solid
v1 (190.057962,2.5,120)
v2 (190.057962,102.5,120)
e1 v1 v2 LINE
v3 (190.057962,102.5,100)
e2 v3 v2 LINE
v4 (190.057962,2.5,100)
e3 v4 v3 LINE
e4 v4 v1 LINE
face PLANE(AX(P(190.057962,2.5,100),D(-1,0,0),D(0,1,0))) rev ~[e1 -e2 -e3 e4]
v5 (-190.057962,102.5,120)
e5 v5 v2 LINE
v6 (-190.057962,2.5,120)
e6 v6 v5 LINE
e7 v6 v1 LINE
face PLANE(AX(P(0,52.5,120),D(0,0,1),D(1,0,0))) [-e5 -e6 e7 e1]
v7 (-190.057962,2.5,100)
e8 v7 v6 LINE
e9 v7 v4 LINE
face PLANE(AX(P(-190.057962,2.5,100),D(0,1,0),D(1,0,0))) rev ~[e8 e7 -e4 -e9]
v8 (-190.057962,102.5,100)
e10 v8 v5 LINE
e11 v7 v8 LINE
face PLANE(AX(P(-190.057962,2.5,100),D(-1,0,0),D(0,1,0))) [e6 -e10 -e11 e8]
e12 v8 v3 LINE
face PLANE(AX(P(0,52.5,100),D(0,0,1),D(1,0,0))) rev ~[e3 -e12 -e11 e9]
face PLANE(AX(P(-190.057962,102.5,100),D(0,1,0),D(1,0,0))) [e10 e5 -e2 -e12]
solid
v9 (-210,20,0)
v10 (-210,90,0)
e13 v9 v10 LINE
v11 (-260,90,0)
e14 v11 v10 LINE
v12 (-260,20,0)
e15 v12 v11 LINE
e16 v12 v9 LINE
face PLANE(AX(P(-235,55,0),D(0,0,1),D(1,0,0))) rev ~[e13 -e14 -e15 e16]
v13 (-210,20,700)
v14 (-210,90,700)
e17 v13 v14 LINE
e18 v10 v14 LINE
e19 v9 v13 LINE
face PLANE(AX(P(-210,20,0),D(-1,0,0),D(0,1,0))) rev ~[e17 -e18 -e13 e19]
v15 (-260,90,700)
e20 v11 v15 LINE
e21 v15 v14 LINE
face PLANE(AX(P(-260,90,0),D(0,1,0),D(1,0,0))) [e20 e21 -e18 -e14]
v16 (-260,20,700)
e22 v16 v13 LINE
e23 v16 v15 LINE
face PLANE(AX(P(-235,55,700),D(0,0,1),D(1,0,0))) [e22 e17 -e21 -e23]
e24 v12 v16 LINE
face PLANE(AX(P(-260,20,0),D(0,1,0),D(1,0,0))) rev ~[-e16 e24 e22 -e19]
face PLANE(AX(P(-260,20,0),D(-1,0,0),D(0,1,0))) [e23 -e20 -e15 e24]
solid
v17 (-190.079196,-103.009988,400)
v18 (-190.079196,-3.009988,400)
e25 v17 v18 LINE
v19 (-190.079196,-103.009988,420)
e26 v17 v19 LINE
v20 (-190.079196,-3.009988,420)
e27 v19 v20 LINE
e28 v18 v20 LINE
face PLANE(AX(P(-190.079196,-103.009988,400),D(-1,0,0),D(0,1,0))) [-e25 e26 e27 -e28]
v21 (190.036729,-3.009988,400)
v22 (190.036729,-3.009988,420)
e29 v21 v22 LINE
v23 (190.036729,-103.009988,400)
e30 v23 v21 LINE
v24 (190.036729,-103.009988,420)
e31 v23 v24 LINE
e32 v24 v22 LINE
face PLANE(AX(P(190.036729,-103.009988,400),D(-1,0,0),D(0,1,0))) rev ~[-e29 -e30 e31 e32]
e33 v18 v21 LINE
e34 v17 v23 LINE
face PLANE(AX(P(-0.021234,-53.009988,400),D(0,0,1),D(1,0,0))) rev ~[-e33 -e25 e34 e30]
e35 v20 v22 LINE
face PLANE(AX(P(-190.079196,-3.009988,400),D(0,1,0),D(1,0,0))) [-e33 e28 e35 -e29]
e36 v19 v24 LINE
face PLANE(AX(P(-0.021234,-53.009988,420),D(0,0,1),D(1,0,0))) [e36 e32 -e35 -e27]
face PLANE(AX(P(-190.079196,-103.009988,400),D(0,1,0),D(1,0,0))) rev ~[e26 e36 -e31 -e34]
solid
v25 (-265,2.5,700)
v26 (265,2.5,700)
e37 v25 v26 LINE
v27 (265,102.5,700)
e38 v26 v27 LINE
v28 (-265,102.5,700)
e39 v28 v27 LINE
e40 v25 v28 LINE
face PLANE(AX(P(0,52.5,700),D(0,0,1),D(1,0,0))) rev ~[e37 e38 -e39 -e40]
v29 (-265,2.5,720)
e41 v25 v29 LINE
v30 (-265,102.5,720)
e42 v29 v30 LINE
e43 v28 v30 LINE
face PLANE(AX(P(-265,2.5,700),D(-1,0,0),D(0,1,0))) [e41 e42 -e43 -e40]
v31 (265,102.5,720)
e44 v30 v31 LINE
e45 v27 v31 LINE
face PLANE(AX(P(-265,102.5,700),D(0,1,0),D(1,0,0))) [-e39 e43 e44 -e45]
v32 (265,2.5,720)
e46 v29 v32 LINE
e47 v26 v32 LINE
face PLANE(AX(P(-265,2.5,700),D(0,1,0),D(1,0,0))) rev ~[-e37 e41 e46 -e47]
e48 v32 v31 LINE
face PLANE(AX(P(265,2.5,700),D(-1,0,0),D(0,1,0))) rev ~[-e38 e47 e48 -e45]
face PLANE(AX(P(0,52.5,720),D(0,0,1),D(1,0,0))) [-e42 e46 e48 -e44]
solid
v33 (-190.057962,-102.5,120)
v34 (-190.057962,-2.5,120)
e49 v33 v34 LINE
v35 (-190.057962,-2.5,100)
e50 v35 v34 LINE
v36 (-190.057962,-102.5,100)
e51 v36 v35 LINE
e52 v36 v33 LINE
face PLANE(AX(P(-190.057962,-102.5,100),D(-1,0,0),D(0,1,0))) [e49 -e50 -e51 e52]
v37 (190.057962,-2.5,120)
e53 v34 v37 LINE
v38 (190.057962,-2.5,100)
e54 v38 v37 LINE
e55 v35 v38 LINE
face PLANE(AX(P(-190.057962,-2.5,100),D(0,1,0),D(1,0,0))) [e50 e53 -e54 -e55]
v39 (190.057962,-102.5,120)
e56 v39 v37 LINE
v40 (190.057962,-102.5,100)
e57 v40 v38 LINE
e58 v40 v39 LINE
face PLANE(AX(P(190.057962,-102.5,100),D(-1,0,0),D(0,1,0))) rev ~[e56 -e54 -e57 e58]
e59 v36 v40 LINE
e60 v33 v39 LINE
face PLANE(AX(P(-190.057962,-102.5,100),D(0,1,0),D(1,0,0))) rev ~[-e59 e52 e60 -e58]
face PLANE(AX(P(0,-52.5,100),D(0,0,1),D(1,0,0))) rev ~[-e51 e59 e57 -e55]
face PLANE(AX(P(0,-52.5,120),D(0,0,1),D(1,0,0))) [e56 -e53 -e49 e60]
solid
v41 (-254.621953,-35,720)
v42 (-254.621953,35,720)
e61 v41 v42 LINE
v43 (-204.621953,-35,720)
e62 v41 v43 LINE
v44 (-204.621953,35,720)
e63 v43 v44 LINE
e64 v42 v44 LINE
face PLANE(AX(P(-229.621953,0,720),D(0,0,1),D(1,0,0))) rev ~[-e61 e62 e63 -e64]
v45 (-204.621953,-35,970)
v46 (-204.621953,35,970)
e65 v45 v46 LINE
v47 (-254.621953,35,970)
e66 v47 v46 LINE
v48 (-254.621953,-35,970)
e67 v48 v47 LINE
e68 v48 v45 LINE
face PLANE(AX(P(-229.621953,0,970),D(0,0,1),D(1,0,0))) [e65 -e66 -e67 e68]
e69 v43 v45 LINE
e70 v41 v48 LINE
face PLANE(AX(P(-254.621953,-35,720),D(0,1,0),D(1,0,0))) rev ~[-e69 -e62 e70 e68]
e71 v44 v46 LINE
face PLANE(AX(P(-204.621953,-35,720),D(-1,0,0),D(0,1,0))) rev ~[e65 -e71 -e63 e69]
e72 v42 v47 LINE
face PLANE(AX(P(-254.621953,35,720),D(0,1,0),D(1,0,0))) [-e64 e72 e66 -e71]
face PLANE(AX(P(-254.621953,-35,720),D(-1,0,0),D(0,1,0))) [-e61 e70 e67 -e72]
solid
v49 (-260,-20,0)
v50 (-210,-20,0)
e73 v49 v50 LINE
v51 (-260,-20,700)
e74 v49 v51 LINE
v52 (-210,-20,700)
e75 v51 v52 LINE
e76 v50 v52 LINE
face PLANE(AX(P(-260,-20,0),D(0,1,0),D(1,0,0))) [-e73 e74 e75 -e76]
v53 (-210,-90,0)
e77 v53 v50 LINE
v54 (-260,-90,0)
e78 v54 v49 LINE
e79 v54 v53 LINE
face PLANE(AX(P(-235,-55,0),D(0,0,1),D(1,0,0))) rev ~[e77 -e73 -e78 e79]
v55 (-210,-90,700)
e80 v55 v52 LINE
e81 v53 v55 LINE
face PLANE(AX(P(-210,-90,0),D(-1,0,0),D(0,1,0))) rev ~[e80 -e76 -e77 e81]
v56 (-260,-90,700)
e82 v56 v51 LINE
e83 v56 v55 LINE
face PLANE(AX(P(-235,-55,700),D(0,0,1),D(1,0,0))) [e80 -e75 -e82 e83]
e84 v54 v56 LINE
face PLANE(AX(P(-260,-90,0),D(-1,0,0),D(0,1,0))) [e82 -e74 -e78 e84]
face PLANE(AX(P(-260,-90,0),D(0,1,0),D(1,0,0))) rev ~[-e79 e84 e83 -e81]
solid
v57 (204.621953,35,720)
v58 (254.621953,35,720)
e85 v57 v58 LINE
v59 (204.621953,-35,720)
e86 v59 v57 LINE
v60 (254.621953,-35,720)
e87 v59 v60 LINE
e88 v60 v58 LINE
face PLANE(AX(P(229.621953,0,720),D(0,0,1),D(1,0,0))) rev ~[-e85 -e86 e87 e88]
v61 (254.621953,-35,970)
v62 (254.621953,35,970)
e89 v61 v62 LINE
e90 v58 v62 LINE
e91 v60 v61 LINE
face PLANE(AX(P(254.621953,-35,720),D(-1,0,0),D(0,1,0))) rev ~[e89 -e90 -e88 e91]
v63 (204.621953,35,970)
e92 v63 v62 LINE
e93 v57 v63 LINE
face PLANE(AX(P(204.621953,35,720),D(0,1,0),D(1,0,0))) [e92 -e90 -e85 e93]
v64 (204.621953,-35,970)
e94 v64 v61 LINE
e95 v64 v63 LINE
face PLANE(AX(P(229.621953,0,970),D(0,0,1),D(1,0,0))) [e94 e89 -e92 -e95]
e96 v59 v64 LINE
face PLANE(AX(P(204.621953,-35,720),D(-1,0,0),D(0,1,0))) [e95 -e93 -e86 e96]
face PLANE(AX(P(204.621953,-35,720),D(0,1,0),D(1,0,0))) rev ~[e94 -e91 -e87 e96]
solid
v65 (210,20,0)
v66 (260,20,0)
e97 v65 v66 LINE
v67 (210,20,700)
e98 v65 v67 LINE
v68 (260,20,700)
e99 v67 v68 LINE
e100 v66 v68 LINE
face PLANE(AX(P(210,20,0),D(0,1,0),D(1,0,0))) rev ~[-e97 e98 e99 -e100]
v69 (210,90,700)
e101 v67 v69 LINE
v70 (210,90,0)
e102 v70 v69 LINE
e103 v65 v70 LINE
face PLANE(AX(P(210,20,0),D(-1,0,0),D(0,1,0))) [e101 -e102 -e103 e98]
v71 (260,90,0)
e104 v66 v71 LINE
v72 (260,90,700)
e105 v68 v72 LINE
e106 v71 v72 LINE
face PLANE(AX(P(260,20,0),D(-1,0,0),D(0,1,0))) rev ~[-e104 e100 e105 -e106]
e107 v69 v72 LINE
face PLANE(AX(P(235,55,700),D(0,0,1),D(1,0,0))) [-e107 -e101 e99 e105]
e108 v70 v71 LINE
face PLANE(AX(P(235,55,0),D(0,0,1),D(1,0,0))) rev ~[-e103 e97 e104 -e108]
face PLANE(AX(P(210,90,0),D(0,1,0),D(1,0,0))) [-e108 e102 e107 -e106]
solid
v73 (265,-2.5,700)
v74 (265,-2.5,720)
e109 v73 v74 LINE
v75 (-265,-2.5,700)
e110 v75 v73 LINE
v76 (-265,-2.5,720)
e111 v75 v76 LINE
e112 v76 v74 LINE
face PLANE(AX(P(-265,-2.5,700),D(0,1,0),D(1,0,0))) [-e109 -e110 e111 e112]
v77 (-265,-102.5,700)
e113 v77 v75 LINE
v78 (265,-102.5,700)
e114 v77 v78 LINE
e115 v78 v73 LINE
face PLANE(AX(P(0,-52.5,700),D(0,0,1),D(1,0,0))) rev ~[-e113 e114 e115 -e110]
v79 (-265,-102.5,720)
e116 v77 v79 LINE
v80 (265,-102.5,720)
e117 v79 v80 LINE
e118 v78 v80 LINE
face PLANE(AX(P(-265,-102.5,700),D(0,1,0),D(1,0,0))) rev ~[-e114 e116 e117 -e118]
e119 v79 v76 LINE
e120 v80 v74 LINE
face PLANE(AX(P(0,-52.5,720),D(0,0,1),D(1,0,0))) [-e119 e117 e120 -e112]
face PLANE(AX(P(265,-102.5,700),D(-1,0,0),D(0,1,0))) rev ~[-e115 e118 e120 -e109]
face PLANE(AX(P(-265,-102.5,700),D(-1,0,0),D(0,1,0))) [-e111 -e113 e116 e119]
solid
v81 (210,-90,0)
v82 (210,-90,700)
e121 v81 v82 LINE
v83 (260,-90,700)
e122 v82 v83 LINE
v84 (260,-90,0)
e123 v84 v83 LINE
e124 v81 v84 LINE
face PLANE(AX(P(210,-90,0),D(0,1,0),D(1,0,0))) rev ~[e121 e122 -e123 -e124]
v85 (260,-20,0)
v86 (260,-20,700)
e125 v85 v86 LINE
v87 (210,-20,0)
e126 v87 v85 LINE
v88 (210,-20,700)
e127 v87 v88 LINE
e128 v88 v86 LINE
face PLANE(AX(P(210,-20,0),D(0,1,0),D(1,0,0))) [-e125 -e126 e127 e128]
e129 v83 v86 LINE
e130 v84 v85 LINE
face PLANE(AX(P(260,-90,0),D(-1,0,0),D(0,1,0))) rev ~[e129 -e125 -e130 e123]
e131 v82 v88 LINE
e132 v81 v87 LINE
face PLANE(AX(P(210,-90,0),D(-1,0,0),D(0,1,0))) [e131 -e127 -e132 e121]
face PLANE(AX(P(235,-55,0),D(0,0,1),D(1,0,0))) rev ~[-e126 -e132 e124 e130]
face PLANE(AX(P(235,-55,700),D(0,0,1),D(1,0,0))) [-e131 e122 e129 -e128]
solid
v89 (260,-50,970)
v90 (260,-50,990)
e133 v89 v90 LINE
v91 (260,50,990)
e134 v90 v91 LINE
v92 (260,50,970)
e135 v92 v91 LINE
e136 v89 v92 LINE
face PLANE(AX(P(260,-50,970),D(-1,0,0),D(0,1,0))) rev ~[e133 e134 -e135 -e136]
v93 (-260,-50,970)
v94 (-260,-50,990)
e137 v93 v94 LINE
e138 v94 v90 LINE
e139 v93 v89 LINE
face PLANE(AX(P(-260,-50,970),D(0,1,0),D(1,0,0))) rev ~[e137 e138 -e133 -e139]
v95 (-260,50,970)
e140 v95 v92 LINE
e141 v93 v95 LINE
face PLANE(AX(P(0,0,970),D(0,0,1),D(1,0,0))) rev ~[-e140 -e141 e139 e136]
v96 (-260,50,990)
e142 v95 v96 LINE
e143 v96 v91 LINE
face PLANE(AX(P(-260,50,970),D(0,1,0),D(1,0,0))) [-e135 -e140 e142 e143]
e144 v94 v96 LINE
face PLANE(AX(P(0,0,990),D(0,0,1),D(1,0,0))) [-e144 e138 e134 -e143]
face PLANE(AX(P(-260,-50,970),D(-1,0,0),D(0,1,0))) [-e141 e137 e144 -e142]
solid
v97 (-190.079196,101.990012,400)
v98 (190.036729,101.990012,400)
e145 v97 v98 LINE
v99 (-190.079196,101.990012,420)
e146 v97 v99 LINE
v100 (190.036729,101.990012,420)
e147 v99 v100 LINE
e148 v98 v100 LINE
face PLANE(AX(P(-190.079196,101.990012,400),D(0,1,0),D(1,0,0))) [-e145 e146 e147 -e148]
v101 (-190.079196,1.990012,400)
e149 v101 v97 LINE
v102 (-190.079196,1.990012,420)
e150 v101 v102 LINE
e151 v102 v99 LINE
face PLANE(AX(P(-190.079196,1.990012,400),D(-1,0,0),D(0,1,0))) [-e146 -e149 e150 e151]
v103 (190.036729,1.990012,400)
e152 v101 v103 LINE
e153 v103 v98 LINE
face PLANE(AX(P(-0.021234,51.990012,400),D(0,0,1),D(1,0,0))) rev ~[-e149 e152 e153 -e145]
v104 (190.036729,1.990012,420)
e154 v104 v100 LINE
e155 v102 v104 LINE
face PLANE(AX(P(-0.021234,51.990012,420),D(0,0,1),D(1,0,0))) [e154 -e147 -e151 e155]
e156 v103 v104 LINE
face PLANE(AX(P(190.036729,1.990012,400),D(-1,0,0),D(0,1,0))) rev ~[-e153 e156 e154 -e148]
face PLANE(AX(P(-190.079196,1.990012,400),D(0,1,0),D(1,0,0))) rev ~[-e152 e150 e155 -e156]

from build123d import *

# Parameters (mm, degrees)
F0_W      = 50
F0_H      = 70
F1_DEPTH  = 700
F2_W      = 530
F2_H      = 100
F3_DEPTH  = 20
F5_W      = 380.115924
F5_H      = 100
F6_DEPTH  = 20
F7_W      = 50
F7_H      = 70
F8_DEPTH  = 250
F9_W      = 520
F9_H      = 100
F10_DEPTH = 20
F12_W     = 380.115925
F12_H     = 100
F13_DEPTH = 20


with BuildPart() as f1:
    # F0 (on Top) → F1 (new body)
    with BuildSketch(Plane.XY):
        with Locations((-235, -55)):
            Rectangle(F0_W, F0_H)
        with Locations((-235, 55)):
            Rectangle(F0_W, F0_H)
        with Locations((235, 55)):
            Rectangle(F0_W, F0_H)
        with Locations((235, -55)):
            Rectangle(F0_W, F0_H)
    extrude(amount=F1_DEPTH)


with BuildPart() as f3:
    # F2 (on face) → F3 (new body)
    with BuildSketch(Plane.XY.offset(700)):
        with Locations((0, -52.5)):
            Rectangle(F2_W, F2_H)
        with Locations((0, 52.5)):
            Rectangle(F2_W, F2_H)
    extrude(amount=F3_DEPTH)


with BuildPart() as f6:
    # F5 (on offset) → F6 (new body)
    with BuildSketch(Plane.XY.offset(100)):
        with Locations((0, -52.5)):
            Rectangle(F5_W, F5_H)
        with Locations((0, 52.5)):
            Rectangle(F5_W, F5_H)
    extrude(amount=F6_DEPTH)


with BuildPart() as f8:
    # F7 (on face) → F8 (new body)
    with BuildSketch(Plane.XY.offset(720)):
        with Locations((-229.621953, 0)):
            Rectangle(F7_W, F7_H)
        with Locations((229.621953, 0)):
            Rectangle(F7_W, F7_H)
    extrude(amount=F8_DEPTH)


with BuildPart() as f10:
    # F9 (on face) → F10 (new body)
    with BuildSketch(Plane.XY.offset(970)):
        Rectangle(F9_W, F9_H)
    extrude(amount=F10_DEPTH)


with BuildPart() as f13:
    # F12 (on offset) → F13 (new body)
    with BuildSketch(Plane.XY.offset(400)):
        with Locations((-0.021234, -53.009988)):
            Rectangle(F12_W, F12_H)
        with Locations((-0.021234, 51.990012)):
            Rectangle(F12_W, F12_H)
    extrude(amount=F13_DEPTH)


solid = Compound([f1.part, f3.part, f6.part, f8.part, f10.part, f13.part])
